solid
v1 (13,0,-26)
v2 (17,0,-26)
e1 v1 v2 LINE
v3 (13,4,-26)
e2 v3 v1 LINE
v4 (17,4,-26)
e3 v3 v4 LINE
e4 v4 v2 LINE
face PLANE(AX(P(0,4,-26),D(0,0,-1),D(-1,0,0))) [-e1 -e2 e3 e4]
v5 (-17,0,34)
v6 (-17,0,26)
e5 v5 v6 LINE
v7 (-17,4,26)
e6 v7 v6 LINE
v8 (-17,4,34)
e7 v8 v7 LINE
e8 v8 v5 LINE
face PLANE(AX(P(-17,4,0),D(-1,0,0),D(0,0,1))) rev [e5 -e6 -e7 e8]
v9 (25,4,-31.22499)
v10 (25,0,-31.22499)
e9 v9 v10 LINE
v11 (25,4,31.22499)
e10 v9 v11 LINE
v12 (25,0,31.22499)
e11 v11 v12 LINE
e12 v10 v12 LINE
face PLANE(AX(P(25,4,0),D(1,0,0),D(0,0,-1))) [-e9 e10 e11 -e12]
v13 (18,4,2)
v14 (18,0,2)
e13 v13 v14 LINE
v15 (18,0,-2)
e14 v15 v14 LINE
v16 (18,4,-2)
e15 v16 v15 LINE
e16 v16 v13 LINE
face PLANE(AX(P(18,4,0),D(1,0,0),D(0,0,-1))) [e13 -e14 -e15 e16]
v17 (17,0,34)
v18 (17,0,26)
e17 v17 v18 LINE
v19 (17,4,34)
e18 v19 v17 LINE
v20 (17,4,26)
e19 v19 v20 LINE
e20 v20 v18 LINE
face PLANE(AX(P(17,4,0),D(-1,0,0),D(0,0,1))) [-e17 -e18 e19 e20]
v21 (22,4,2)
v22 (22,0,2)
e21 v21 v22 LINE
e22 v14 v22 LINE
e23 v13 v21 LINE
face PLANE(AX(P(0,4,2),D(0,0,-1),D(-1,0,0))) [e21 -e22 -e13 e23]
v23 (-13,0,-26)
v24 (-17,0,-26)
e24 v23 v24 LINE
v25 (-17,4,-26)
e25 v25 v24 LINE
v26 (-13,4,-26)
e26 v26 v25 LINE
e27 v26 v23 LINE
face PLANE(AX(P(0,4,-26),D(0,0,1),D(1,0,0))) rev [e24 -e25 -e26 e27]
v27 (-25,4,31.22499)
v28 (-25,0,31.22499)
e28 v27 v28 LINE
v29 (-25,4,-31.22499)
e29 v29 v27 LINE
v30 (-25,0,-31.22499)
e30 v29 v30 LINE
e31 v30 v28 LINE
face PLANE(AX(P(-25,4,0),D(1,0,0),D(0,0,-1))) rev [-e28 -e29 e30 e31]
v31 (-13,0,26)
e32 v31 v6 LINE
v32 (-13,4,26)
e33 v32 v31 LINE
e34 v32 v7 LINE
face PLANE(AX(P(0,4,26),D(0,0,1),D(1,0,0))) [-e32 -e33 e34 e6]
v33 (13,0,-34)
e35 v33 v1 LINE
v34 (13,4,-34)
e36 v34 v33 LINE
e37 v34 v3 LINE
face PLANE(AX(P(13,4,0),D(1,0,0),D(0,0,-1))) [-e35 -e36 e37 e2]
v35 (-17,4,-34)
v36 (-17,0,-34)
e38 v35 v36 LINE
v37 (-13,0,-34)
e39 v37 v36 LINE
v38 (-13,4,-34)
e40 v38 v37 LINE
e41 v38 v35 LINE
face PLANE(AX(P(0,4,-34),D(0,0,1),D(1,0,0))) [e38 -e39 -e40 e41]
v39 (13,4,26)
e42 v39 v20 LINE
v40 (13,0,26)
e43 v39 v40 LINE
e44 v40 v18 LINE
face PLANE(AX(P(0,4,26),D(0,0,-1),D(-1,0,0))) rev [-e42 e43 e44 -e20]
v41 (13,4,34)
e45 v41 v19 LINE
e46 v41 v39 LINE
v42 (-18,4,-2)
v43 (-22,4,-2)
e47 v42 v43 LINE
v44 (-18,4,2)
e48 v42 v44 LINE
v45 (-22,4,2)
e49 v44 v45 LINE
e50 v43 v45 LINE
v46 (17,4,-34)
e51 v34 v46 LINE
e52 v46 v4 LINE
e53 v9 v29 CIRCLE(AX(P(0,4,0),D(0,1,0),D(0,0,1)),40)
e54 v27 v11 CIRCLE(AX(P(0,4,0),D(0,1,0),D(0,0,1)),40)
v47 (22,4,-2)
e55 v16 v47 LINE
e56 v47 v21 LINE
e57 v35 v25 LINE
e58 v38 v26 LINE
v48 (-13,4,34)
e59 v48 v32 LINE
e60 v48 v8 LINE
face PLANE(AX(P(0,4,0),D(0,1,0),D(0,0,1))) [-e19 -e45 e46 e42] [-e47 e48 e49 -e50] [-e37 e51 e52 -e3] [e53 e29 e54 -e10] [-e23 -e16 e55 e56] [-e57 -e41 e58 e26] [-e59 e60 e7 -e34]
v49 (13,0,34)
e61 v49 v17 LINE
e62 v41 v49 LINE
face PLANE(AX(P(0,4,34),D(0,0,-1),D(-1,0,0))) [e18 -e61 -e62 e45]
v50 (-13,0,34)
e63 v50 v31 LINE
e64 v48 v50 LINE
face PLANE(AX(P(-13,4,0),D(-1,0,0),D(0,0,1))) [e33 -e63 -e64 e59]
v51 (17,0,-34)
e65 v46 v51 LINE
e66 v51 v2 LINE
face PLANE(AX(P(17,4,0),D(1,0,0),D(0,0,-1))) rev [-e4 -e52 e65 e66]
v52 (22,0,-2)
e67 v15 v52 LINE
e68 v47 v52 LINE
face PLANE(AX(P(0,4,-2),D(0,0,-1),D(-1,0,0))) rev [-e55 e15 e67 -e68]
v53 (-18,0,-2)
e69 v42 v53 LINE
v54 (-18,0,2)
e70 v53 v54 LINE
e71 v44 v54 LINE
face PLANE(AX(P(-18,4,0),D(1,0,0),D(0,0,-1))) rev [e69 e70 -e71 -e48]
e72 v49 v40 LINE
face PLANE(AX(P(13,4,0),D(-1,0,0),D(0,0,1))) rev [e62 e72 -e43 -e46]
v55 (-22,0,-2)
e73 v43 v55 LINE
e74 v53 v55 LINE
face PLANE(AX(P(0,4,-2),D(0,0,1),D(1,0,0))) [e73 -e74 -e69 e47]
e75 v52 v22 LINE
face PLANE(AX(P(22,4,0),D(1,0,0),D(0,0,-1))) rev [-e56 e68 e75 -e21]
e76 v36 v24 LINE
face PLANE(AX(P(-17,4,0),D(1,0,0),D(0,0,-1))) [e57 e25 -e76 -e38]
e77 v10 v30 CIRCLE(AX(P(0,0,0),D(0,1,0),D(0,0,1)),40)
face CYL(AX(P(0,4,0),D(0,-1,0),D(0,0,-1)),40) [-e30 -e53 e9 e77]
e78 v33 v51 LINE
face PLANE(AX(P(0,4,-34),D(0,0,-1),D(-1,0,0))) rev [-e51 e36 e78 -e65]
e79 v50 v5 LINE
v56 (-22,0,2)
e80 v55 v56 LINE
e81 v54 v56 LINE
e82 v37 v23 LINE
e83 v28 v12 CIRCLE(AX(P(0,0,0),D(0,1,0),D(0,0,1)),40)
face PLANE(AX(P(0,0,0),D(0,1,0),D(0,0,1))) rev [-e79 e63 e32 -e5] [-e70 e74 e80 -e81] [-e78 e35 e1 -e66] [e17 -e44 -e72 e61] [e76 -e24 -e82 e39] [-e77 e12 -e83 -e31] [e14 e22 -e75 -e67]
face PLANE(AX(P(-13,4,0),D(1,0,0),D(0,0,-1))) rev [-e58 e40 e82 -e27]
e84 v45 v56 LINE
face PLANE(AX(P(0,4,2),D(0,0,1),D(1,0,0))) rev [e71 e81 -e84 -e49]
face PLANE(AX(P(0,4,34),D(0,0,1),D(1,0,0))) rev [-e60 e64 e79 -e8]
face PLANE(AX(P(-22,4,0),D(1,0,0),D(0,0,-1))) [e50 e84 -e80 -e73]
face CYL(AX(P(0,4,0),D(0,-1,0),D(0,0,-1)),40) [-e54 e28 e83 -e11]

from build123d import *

# Parameters (mm, degrees)
SKETCH1_W           = 4
SKETCH1_H           = 8
SKETCH1_H_2         = 4
BOSS_EXTRUDE1_DEPTH = 4


with BuildPart() as part:
    # Sketch1 → Boss-Extrude1 (new body)
    with BuildSketch(Plane(origin=(0, 0, 0), x_dir=(1, 0, 0), z_dir=(0, 1, 0))):
        with BuildLine():
            ThreePointArc((25, 31.224989992), (0, 40), (-25, 31.224989992))
            Line((-25, 31.224989992), (-25, -31.224989992))
            ThreePointArc((-25, -31.224989992), (0, -40), (25, -31.224989992))
            Line((25, -31.224989992), (25, 31.224989992))
        make_face()
        with Locations((-15, -30)):
            Rectangle(SKETCH1_W, SKETCH1_H, mode=Mode.SUBTRACT)
        with Locations((15, -30)):
            Rectangle(SKETCH1_W, SKETCH1_H, mode=Mode.SUBTRACT)
        with Locations((-20, 0)):
            Rectangle(SKETCH1_W, SKETCH1_H_2, mode=Mode.SUBTRACT)
        with Locations((-15, 30)):
            Rectangle(SKETCH1_W, SKETCH1_H, mode=Mode.SUBTRACT)
        with Locations((20, 0)):
            Rectangle(SKETCH1_W, SKETCH1_H_2, mode=Mode.SUBTRACT)
        with Locations((15, 30)):
            Rectangle(SKETCH1_W, SKETCH1_H, mode=Mode.SUBTRACT)
    extrude(amount=BOSS_EXTRUDE1_DEPTH)


solid = part.part
